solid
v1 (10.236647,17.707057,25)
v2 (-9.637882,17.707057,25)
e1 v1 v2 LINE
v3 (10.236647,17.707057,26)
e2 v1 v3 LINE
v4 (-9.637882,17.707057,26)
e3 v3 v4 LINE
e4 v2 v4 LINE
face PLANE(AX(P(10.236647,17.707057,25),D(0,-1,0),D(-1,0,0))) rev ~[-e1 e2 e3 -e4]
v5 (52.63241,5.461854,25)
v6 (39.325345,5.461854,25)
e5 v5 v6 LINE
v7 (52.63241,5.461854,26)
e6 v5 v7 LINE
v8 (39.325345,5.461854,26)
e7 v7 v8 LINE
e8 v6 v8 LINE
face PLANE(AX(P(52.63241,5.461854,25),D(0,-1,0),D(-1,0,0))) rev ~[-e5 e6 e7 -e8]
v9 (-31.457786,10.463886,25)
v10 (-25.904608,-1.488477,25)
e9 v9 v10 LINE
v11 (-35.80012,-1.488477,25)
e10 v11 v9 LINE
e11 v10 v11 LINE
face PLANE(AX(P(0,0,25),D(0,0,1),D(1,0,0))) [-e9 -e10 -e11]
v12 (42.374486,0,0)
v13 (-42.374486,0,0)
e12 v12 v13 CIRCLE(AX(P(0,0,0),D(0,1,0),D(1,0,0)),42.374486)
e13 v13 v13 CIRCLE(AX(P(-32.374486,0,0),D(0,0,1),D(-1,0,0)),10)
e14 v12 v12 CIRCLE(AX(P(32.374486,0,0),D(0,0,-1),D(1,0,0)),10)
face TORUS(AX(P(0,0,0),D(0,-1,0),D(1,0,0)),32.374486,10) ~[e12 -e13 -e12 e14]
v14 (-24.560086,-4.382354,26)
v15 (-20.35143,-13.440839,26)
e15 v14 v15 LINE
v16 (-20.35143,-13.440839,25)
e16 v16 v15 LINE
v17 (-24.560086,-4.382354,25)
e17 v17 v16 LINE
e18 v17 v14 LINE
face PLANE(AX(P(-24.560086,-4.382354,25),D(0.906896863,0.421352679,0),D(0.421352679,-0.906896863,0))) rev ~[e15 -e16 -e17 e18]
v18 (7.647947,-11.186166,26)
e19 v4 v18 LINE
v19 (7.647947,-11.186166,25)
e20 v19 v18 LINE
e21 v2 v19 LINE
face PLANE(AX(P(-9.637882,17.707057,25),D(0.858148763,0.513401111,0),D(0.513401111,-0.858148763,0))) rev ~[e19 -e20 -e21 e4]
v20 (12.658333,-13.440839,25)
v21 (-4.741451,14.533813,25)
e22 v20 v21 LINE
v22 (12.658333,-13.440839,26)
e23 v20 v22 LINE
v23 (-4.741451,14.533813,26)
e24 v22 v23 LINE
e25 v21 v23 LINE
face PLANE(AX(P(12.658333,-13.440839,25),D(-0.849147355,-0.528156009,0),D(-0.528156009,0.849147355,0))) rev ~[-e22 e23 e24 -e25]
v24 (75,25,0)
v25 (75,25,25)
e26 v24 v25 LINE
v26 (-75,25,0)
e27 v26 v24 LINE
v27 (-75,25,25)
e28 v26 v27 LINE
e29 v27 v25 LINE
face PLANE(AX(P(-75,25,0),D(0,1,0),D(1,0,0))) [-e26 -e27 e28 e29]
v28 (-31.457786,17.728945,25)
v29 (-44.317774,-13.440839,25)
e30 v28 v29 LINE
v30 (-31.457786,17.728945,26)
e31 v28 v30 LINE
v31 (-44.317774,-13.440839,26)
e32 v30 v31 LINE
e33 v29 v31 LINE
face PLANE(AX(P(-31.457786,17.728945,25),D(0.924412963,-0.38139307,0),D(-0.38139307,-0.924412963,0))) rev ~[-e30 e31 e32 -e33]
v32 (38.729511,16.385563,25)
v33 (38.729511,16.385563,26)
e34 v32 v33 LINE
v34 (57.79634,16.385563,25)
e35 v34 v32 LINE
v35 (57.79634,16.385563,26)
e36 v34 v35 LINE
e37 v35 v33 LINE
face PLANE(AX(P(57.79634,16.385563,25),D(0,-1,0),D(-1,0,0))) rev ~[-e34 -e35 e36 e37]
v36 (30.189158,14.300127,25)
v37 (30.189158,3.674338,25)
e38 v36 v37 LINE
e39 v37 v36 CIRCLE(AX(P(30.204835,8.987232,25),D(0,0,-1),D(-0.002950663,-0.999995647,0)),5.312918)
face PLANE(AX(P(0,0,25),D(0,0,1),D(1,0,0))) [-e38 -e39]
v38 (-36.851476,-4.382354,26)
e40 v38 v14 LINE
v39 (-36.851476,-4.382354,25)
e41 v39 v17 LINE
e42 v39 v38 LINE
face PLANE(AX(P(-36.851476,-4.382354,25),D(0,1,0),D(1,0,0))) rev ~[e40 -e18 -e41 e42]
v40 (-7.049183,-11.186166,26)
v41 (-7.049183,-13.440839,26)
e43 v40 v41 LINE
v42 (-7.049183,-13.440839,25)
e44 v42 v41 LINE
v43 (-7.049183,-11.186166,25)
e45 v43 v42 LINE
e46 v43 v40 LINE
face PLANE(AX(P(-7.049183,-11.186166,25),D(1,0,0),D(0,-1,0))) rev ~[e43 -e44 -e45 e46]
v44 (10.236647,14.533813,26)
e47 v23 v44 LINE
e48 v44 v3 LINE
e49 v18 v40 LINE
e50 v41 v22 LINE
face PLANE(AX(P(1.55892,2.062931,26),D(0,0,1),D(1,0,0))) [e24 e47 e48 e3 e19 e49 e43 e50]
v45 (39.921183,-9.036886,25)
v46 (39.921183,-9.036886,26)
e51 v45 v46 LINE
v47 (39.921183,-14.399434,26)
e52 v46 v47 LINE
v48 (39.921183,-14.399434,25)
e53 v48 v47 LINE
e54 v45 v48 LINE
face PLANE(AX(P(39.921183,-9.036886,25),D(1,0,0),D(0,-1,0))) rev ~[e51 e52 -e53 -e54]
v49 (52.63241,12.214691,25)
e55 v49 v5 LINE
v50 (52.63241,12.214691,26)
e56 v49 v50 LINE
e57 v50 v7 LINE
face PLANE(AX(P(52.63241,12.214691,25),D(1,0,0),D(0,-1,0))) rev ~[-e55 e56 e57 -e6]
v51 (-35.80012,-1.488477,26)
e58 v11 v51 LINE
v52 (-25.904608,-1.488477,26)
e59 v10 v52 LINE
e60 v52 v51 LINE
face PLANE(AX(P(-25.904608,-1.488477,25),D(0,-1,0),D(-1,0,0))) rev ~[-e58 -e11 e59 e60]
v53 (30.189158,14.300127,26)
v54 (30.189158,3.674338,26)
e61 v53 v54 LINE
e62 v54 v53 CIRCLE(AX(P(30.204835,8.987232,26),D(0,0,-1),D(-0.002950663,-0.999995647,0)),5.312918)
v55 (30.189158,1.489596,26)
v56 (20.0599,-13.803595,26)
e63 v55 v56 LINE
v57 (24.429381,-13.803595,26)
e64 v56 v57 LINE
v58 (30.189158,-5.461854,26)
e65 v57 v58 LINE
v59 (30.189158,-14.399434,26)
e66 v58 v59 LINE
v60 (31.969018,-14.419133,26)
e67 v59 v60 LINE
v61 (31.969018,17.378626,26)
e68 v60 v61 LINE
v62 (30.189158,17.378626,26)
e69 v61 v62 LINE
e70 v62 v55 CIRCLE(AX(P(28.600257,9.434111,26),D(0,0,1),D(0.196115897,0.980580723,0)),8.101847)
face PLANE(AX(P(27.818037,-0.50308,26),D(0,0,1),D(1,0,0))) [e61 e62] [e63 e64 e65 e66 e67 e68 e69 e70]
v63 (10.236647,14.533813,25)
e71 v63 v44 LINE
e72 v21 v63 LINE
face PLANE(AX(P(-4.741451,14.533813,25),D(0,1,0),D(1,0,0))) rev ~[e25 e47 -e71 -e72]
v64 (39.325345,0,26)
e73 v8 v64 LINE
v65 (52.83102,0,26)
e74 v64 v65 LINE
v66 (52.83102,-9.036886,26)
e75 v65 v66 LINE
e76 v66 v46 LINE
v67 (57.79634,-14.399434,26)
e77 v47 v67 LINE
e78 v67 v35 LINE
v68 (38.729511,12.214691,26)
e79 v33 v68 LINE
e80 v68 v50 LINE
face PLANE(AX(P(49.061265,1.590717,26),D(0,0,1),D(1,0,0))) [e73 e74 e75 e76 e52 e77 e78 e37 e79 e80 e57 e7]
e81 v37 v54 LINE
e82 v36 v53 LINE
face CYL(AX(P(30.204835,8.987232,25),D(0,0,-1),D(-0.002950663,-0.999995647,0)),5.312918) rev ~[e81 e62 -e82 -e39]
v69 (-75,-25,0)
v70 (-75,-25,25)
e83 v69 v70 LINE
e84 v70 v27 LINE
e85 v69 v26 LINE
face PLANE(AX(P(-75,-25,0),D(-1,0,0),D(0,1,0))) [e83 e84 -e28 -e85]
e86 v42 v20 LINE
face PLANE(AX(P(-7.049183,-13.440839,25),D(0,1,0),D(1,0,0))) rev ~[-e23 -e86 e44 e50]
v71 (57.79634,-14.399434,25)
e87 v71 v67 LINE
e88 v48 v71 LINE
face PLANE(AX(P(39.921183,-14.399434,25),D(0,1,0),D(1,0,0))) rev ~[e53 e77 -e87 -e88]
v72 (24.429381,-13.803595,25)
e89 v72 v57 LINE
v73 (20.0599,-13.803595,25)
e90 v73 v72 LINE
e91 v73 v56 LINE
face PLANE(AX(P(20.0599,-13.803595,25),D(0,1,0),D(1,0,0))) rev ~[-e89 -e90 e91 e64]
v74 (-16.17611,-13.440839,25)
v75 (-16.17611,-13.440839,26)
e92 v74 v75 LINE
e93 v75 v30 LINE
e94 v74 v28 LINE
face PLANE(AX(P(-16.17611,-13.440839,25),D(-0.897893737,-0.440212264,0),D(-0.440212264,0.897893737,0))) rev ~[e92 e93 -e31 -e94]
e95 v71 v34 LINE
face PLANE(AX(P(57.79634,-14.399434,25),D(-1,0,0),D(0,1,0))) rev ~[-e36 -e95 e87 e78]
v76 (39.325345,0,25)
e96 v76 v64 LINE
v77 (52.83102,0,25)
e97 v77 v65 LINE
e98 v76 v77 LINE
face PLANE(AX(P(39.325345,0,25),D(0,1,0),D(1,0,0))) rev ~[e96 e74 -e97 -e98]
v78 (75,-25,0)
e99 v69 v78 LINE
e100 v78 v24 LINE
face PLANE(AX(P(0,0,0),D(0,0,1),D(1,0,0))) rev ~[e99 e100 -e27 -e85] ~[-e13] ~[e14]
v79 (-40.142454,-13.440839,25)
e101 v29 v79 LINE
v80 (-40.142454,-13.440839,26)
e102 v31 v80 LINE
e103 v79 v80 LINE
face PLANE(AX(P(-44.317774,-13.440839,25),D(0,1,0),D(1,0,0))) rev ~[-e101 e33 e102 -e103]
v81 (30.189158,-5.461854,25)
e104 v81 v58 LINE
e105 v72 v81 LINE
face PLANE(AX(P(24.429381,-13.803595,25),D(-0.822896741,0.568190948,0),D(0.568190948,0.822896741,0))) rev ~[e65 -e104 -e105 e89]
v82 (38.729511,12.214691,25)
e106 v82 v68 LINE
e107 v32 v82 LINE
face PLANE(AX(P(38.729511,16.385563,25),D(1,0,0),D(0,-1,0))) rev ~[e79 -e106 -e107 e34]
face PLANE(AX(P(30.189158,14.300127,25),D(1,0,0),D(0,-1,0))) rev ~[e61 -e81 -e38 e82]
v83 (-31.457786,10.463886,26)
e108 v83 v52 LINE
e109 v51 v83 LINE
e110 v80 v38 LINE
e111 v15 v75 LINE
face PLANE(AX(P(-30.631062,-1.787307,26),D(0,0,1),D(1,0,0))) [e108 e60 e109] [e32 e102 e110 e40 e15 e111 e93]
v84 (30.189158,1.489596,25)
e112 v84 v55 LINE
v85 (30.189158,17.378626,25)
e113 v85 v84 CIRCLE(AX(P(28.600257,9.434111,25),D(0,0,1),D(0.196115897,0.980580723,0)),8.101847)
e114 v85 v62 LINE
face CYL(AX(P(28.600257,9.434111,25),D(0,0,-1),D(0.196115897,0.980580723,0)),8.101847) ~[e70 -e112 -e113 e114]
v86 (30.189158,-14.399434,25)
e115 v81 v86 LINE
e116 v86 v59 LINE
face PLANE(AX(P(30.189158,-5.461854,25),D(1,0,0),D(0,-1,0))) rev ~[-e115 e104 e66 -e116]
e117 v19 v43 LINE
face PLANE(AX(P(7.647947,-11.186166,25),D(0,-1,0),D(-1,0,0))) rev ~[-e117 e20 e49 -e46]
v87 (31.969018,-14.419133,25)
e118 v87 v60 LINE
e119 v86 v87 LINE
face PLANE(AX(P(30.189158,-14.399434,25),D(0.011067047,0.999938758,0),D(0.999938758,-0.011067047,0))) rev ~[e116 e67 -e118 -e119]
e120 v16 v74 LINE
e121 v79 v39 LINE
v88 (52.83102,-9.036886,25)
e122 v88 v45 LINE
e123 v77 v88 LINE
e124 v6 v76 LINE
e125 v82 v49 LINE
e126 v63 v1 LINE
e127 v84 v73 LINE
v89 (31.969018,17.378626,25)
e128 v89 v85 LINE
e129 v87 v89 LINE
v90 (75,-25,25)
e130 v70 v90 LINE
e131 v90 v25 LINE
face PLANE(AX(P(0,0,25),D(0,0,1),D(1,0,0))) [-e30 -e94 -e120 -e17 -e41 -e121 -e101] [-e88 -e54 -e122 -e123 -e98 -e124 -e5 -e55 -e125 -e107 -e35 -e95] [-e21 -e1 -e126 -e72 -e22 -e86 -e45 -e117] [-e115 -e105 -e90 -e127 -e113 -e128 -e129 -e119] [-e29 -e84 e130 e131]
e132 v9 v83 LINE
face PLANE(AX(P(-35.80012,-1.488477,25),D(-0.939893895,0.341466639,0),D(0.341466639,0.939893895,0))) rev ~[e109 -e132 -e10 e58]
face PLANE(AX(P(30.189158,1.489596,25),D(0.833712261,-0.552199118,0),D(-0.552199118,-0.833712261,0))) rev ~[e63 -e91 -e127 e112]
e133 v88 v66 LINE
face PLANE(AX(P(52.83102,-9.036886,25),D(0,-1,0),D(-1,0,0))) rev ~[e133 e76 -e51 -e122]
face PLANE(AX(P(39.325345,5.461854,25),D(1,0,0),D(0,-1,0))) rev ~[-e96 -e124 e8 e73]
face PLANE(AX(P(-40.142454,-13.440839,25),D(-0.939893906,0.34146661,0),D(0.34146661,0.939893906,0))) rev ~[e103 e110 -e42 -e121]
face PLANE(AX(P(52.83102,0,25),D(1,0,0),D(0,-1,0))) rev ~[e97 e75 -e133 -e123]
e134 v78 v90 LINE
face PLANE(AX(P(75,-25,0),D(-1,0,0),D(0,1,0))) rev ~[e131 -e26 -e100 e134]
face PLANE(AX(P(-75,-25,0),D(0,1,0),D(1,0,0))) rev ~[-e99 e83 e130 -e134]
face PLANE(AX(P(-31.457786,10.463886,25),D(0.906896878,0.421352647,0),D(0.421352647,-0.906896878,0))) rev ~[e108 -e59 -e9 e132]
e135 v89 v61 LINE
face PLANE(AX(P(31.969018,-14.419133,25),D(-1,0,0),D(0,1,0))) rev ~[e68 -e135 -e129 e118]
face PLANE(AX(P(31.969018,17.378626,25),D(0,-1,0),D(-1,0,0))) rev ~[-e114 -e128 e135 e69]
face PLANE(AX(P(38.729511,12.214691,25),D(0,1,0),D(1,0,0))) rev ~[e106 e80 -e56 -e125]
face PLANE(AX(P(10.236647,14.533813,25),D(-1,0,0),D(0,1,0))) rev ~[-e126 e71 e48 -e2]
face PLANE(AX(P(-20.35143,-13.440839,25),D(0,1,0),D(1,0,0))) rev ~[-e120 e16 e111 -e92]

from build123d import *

# Parameters (mm, degrees)
F0_W     = 150
F0_H     = 50
F1_DEPTH = 25
F3_DEPTH = 1
F4_R     = 10
F5_ANGLE = -180


with BuildPart() as f1:
    # F0 (on Top) → F1 (new body)
    with BuildSketch(Plane.XY):
        Rectangle(F0_W, F0_H)
    extrude(amount=F1_DEPTH)

    # F2 (on face) → F3 (join)
    with BuildSketch(Plane.XY.offset(25)):
        Polygon((-20.35143, -13.440839), (-16.17611, -13.440839), (-31.457786, 17.728945), (-44.317774, -13.440839), (-40.142454, -13.440839), (-36.851476, -4.382354), (-24.560086, -4.382354), align=None)
        Polygon((-35.80012, -1.488477), (-31.457786, 10.463886), (-25.904608, -1.488477), align=None, mode=Mode.SUBTRACT)
        Polygon((10.236647, 14.533813), (10.236647, 17.707057), (-6.715158, 17.707057), (-9.637882, 17.707057), (7.647947, -11.186166), (-7.049183, -11.186166), (-7.049183, -13.440839), (12.658333, -13.440839), (-4.741451, 14.533813), align=None)
        with BuildLine():
            Line((30.189158, -5.461854), (30.189158, -14.399434))
            Line((30.189158, -14.399434), (31.969018, -14.419133))
            Line((31.969018, -14.419133), (31.969018, 17.378626))
            Line((31.969018, 17.378626), (30.189158, 17.378626))
            ThreePointArc((30.189158, 17.378626), (20.49841, 9.434111), (30.189158, 1.489596))
            Line((30.189158, 1.489596), (20.0599, -13.803595))
            Line((20.0599, -13.803595), (24.429381, -13.803595))
            Line((24.429381, -13.803595), (30.189158, -5.461854))
        make_face()
        with BuildLine():
            ThreePointArc((30.189158, 3.674338), (24.891917, 8.987233), (30.189158, 14.300127))
            Line((30.189158, 14.300127), (30.189158, 3.674338))
        make_face(mode=Mode.SUBTRACT)
        Polygon((57.79634, 16.385563), (38.729511, 16.385563), (38.729511, 12.214691), (52.63241, 12.214691), (52.63241, 5.461854), (39.325345, 5.461854), (39.325345, 0), (52.83102, 0), (52.83102, -9.036886), (39.921183, -9.036886), (39.921183, -14.399434), (57.79634, -14.399434), align=None)
    extrude(amount=F3_DEPTH)

    # F4 (on face) → F5 (revolve)
    with BuildSketch(Plane(origin=(0, 0, 0), x_dir=(1, 0, 0), z_dir=(0, 0, -1))):
        with Locations((32.374486, 0)):
            Circle(F4_R)
    revolve(axis=Axis((0, -0.202699, 0), (0, -1, 0)), revolution_arc=F5_ANGLE)


solid = f1.part
